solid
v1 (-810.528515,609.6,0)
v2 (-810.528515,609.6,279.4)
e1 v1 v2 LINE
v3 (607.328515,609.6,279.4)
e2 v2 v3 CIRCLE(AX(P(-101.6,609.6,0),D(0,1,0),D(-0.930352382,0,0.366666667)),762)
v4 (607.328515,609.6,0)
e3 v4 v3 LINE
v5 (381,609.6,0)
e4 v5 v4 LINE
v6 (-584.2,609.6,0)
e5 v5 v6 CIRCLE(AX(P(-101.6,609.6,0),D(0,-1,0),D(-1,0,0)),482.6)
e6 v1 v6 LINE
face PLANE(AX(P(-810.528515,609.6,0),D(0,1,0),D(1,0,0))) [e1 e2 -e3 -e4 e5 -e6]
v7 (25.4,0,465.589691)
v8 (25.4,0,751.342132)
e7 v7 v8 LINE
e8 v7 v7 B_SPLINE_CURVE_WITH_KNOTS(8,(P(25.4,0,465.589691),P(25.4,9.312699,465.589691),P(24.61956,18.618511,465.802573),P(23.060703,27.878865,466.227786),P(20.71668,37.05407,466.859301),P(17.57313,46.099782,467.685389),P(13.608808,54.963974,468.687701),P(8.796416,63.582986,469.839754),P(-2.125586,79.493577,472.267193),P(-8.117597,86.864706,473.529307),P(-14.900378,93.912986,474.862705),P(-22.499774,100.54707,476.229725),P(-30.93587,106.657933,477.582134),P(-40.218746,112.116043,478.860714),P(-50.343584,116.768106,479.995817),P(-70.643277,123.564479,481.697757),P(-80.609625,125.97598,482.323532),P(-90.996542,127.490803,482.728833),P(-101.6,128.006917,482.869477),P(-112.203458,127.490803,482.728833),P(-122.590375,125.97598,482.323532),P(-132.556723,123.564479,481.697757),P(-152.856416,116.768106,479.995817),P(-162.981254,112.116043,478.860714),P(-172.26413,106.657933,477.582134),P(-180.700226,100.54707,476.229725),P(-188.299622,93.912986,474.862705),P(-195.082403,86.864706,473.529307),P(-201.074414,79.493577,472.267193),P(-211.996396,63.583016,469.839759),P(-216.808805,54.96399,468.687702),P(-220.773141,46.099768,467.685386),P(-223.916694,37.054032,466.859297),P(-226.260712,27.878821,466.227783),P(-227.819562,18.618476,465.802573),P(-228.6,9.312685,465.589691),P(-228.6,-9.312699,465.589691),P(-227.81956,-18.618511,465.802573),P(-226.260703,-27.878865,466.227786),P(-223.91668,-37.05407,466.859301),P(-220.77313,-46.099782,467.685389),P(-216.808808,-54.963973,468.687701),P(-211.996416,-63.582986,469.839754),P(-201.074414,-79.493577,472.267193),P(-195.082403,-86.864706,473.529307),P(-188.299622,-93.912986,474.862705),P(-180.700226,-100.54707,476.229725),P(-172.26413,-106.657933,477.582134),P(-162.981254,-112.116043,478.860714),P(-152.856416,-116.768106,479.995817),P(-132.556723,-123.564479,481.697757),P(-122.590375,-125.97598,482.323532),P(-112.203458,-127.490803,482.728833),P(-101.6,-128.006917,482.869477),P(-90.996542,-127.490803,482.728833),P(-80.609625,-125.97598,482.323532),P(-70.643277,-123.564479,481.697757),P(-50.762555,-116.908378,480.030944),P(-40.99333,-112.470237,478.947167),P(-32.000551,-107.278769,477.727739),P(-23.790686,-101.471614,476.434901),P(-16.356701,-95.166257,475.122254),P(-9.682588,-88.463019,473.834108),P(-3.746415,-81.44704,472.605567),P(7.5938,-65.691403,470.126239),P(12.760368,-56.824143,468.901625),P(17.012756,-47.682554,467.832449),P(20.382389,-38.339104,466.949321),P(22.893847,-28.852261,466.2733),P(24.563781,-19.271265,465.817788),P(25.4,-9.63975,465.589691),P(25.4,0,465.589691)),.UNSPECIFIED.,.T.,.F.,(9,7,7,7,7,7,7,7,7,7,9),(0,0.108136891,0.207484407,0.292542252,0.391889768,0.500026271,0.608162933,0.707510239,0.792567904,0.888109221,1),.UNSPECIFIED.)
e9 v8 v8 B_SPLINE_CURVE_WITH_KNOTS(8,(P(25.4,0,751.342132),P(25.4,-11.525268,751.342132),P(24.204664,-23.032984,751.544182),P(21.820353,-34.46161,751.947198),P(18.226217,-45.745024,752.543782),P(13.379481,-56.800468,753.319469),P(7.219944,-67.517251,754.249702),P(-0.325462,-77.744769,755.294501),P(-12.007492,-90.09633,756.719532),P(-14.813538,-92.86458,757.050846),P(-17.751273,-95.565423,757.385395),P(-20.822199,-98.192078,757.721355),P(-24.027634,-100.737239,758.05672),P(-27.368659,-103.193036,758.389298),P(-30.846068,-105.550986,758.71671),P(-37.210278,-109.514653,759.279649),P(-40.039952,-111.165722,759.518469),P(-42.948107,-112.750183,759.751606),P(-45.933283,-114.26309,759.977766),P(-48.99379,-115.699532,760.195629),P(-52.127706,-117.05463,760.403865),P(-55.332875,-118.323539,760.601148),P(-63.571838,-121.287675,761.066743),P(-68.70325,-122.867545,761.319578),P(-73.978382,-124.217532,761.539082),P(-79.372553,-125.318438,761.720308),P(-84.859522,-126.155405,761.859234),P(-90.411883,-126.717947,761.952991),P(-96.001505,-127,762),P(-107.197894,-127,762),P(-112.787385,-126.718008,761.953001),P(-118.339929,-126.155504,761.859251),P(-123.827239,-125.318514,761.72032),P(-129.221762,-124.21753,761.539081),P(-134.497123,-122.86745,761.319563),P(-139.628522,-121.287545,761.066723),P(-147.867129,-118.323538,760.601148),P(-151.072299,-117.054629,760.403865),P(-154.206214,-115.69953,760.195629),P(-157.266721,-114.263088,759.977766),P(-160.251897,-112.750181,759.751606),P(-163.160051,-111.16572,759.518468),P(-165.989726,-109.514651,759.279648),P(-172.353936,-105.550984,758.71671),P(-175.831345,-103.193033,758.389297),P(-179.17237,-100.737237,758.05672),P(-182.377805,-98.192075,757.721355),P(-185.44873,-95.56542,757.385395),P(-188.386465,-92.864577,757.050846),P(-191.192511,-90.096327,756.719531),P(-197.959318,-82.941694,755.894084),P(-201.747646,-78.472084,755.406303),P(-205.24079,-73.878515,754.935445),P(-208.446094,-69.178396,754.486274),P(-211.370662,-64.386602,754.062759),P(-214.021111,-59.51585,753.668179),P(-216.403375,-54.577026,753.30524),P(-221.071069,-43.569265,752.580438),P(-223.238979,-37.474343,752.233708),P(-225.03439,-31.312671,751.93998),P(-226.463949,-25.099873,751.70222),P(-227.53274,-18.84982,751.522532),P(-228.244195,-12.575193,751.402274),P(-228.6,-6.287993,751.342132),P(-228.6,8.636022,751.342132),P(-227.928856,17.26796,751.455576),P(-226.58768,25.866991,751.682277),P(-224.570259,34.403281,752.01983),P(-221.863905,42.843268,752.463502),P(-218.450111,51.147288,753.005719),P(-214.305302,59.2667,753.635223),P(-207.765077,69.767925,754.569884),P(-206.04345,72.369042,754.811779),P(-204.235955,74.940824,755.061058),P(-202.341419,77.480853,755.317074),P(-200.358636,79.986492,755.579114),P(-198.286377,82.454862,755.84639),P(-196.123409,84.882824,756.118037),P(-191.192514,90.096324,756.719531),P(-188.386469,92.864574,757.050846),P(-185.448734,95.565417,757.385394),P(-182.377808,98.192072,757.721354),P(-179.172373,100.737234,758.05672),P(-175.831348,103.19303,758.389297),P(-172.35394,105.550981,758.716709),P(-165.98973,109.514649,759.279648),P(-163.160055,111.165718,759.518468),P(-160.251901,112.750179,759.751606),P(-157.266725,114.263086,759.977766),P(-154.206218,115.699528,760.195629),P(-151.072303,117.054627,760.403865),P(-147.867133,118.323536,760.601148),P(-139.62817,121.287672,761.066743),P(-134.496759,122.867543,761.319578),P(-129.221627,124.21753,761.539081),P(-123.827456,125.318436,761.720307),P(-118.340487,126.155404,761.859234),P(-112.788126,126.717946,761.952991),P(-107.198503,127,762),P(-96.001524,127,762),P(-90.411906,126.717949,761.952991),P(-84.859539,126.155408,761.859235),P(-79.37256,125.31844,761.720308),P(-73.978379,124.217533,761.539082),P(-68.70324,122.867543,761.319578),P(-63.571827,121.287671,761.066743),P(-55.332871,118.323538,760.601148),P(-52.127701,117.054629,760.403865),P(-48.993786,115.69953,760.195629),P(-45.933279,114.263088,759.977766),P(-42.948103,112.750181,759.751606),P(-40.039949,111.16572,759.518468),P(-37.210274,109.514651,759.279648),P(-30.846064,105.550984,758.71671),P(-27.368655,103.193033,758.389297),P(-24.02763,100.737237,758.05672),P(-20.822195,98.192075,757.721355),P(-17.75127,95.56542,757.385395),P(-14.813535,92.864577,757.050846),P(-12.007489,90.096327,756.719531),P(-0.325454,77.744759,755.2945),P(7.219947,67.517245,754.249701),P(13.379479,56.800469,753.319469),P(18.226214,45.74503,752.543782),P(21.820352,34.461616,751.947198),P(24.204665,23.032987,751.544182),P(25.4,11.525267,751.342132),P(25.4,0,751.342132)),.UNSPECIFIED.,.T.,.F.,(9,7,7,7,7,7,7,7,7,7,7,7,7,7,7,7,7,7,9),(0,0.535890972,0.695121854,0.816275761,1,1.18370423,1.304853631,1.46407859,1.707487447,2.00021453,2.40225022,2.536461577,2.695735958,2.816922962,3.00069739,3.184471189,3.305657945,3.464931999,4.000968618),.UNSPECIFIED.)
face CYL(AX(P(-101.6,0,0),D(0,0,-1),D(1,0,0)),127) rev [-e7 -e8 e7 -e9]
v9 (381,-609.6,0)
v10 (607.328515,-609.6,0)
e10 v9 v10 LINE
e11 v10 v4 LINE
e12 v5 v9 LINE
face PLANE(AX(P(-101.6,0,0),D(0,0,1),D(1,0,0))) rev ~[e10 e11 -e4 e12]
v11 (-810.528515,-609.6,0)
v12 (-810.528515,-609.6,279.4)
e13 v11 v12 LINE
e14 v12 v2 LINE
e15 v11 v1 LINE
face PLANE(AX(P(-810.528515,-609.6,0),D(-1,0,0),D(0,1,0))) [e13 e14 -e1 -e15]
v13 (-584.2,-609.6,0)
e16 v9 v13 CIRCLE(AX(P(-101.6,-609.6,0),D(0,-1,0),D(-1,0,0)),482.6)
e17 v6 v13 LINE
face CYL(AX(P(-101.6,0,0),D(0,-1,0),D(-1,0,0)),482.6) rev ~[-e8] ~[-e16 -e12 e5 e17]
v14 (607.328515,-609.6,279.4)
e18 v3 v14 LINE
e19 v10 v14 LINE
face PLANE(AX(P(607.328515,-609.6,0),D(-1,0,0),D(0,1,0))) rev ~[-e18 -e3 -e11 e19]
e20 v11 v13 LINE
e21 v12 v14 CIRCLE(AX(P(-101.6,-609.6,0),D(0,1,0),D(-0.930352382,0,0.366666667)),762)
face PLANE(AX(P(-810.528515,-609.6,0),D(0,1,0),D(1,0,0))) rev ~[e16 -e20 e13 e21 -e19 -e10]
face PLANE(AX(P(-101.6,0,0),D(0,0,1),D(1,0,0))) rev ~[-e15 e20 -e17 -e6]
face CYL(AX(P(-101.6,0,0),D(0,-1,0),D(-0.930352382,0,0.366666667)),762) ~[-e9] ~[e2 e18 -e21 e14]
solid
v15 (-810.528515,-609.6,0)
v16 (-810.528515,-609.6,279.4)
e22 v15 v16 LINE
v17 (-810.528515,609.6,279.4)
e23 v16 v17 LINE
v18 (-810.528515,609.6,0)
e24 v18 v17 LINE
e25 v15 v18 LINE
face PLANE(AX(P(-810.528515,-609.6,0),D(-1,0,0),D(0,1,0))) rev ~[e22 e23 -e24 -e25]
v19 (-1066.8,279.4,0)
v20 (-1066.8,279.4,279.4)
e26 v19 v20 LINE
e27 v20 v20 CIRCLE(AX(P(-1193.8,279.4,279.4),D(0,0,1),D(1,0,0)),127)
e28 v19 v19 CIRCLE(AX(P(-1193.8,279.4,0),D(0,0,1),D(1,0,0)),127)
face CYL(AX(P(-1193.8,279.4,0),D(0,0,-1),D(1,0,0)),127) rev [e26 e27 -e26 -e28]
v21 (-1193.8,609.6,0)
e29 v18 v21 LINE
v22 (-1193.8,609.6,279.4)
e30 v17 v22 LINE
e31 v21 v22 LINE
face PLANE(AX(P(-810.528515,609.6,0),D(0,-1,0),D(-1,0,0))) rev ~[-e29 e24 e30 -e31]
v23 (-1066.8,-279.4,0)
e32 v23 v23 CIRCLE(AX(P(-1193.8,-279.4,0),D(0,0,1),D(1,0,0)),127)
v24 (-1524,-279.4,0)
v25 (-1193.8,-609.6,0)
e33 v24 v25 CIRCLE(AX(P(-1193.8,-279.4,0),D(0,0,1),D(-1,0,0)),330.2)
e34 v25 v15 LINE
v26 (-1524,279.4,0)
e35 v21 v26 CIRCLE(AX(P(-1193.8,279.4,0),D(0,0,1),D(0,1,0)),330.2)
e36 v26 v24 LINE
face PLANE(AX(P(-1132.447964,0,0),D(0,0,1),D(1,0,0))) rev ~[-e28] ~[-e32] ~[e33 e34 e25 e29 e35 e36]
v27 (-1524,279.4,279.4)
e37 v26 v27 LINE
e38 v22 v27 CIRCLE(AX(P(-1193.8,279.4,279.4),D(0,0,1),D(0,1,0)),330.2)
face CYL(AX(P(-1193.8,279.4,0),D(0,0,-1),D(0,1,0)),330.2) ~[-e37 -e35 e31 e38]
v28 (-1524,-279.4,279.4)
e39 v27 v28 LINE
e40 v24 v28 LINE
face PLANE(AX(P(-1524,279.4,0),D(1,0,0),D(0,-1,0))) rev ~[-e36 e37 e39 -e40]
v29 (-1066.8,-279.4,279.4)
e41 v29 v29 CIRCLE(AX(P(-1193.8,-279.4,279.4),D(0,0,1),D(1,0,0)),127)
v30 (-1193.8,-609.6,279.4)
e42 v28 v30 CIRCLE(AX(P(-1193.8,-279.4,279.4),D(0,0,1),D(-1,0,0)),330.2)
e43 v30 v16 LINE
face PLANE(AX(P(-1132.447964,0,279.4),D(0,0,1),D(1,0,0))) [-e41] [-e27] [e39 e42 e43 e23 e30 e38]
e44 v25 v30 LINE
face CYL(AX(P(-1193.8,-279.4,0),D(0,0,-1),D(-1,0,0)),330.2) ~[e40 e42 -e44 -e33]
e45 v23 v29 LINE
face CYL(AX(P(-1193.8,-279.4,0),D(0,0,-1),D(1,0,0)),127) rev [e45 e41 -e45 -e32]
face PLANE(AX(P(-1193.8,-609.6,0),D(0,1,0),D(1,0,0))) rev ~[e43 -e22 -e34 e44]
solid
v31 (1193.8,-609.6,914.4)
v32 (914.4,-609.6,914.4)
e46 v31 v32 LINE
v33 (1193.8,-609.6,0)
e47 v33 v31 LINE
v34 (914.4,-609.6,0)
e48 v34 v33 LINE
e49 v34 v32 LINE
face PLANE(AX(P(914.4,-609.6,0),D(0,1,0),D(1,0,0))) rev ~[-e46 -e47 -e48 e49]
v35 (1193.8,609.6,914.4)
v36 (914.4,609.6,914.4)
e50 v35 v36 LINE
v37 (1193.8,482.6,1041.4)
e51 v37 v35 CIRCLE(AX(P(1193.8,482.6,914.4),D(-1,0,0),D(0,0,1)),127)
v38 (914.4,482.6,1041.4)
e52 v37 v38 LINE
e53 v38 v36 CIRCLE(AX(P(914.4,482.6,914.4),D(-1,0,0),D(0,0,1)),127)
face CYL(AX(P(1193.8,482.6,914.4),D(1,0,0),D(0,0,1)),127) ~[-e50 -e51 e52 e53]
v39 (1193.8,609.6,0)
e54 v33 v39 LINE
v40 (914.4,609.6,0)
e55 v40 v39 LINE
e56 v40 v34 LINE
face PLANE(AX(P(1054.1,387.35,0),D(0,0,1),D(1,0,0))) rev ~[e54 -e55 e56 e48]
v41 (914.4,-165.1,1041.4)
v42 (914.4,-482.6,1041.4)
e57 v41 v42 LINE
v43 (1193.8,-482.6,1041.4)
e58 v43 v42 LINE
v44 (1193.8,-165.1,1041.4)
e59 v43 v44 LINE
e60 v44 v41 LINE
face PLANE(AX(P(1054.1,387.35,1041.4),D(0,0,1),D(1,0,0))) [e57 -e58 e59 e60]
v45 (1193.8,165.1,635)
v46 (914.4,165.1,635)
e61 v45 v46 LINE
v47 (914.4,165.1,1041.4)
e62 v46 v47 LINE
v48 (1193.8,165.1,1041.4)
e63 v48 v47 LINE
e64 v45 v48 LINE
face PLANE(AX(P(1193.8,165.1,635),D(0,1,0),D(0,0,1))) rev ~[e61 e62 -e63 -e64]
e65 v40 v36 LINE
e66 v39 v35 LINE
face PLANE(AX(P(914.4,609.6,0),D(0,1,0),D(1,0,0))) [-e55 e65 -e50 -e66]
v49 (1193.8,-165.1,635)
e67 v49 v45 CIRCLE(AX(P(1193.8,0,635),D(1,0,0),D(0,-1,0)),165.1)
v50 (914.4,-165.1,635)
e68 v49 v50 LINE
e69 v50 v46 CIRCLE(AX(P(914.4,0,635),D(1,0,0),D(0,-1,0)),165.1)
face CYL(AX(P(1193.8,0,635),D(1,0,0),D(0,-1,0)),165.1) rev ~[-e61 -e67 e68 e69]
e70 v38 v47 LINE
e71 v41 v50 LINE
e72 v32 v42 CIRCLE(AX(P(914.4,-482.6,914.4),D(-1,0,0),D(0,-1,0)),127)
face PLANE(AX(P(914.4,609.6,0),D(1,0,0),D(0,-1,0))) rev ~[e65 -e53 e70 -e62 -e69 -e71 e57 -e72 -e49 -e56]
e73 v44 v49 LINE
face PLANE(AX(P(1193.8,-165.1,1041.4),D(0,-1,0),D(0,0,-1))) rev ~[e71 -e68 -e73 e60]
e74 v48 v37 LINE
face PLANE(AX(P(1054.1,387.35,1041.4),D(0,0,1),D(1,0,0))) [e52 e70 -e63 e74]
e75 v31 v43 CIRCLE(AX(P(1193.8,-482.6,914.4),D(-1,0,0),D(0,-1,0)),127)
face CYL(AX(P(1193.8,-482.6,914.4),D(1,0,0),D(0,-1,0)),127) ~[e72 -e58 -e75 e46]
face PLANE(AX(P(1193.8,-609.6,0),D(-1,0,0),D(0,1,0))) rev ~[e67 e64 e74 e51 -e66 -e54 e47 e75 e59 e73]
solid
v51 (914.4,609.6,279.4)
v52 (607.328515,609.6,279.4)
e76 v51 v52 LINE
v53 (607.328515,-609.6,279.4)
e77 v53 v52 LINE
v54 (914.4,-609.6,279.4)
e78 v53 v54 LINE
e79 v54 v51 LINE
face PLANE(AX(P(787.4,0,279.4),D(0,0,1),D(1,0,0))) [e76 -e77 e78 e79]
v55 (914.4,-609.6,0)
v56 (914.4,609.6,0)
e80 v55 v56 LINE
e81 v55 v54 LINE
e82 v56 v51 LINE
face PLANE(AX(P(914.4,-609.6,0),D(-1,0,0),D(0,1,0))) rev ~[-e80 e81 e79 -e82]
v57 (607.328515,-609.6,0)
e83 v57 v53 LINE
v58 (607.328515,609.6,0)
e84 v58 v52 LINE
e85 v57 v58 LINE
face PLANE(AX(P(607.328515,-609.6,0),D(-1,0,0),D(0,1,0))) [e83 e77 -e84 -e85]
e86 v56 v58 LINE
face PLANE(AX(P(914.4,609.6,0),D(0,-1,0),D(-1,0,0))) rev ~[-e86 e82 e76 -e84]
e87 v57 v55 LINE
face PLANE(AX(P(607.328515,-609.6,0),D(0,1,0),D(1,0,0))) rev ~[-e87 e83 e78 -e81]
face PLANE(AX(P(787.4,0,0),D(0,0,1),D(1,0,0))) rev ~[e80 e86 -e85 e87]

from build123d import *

# Parameters (mm, degrees)
F1_W      = 53.071484662
F1_H      = 1219.2
F3_DEPTH  = 279.4
F1_W_2    = 279.4
F1_H_2    = 444.5
F1_H_3    = 330.2
F4_DEPTH  = 1041.4
F1_W_3    = 1417.857030676
F1_R      = 127
F5_DEPTH  = 762
F6_DEPTH  = 279.4
F7_DEPTH  = 15240
F9_DEPTH  = 139700
F11_DEPTH = 279.4


with BuildPart() as f3:
    # F1 (on Top) → F3 (new body)
    with BuildSketch(Plane.XY):
        Polygon((914.4, 165.1), (914.4, 609.6), (660.4, 609.6), (660.4, -609.6), (914.4, -609.6), (914.4, -165.1), align=None)
        with Locations((633.864257669, 0)):
            Rectangle(F1_W, F1_H)
    extrude(amount=F3_DEPTH)


with BuildPart() as f4:
    # F1 (on Top) → F4 (new body)
    with BuildSketch(Plane.XY):
        with Locations((1054.1, 387.35)):
            Rectangle(F1_W_2, F1_H_2)
        with Locations((1054.1, 0)):
            Rectangle(F1_W_2, F1_H_3)
        with Locations((1054.1, -387.35)):
            Rectangle(F1_W_2, F1_H_2)
    extrude(amount=F4_DEPTH)

    # F10 (on offset) → F11 (cut)
    with BuildSketch(Plane.YZ.offset(1193.8)):
        with BuildLine():
            Line((-609.6, 1041.4), (-609.6, 914.4))
            ThreePointArc((-609.6, 914.4), (-572.4025612107, 1004.2025612107), (-482.6, 1041.4))
            Line((-482.6, 1041.4), (-609.6, 1041.4))
        make_face()
        with BuildLine():
            ThreePointArc((482.6, 1041.4), (572.4025612107, 1004.2025612107), (609.6, 914.4))
            Line((609.6, 914.4), (609.6, 1041.4))
            Line((609.6, 1041.4), (482.6, 1041.4))
        make_face()
        with BuildLine():
            Line((165.1, 1041.4), (-165.1, 1041.4))
            Line((-165.1, 1041.4), (-165.1, 635))
            ThreePointArc((-165.1, 635), (0, 469.9), (165.1, 635))
            Line((165.1, 635), (165.1, 1041.4))
        make_face()
    extrude(amount=-F11_DEPTH, mode=Mode.SUBTRACT)


with BuildPart() as f5:
    # F1 (on Top) → F5 (new body)
    with BuildSketch(Plane.XY):
        with Locations((-101.6, 0)):
            Rectangle(F1_W_3, F1_H)
        with Locations((-101.6, 0)):
            Circle(F1_R, mode=Mode.SUBTRACT)
    extrude(amount=F5_DEPTH)

    # F2 (on Front) → F7 (cut, symmetric)
    with BuildSketch(Plane.XZ):
        with BuildLine():
            Line((-101.6, 0), (381, 0))
            ThreePointArc((381, 0), (239.6497326006, 341.2497326006), (-101.6, 482.6))
            Line((-101.6, 482.6), (-101.6, 0))
        make_face()
        with BuildLine():
            Line((-101.6, 0), (-101.6, 482.6))
            ThreePointArc((-101.6, 482.6), (-442.8497326006, 341.2497326006), (-584.2, 0))
            Line((-584.2, 0), (-101.6, 0))
        make_face()
        with BuildLine():
            ThreePointArc((-584.2, 0), (-101.6, -482.6), (381, 0))
            Line((381, 0), (-101.6, 0))
            Line((-101.6, 0), (-584.2, 0))
        make_face()
    extrude(amount=F7_DEPTH, both=True, mode=Mode.SUBTRACT)

    # F8 (on Front) → F9 (cut, symmetric)
    with BuildSketch(Plane.XZ):
        with BuildLine():
            ThreePointArc((-810.528515338, 279.4), (-530.4013543659, 629.8995144889), (-101.6000044108, 761.9999999077))
            Line((-101.6000044108, 762), (-810.528515338, 762))
            Line((-810.528515338, 762), (-810.528515338, 279.4))
        make_face()
        with BuildLine():
            ThreePointArc((-101.6000044108, 761.9999999077), (327.2013507198, 629.8995169709), (607.328515338, 279.4))
            Line((607.328515338, 279.4), (607.328515338, 762))
            Line((607.328515338, 762), (-101.6000044108, 762))
        make_face()
    extrude(amount=F9_DEPTH, both=True, mode=Mode.SUBTRACT)


with BuildPart() as f6:
    # F1 (on Top) → F6 (new body)
    with BuildSketch(Plane.XY):
        with BuildLine():
            Line((-810.528515338, -609.6), (-810.528515338, 609.6))
            Line((-810.528515338, 609.6), (-1193.8, 609.6))
            ThreePointArc((-1193.8, 609.6), (-1427.2866591478, 512.8866591478), (-1524, 279.4))
            Line((-1524, 279.4), (-1524, -279.4))
            ThreePointArc((-1524, -279.4), (-1427.2866591478, -512.8866591478), (-1193.8, -609.6))
            Line((-1193.8, -609.6), (-810.528515338, -609.6))
        make_face()
        with Locations((-1193.8, -279.4)):
            Circle(F1_R, mode=Mode.SUBTRACT)
        with Locations((-1193.8, 279.4)):
            Circle(F1_R, mode=Mode.SUBTRACT)
    extrude(amount=F6_DEPTH)


solid = Compound([f3.part, f4.part, f5.part, f6.part])
